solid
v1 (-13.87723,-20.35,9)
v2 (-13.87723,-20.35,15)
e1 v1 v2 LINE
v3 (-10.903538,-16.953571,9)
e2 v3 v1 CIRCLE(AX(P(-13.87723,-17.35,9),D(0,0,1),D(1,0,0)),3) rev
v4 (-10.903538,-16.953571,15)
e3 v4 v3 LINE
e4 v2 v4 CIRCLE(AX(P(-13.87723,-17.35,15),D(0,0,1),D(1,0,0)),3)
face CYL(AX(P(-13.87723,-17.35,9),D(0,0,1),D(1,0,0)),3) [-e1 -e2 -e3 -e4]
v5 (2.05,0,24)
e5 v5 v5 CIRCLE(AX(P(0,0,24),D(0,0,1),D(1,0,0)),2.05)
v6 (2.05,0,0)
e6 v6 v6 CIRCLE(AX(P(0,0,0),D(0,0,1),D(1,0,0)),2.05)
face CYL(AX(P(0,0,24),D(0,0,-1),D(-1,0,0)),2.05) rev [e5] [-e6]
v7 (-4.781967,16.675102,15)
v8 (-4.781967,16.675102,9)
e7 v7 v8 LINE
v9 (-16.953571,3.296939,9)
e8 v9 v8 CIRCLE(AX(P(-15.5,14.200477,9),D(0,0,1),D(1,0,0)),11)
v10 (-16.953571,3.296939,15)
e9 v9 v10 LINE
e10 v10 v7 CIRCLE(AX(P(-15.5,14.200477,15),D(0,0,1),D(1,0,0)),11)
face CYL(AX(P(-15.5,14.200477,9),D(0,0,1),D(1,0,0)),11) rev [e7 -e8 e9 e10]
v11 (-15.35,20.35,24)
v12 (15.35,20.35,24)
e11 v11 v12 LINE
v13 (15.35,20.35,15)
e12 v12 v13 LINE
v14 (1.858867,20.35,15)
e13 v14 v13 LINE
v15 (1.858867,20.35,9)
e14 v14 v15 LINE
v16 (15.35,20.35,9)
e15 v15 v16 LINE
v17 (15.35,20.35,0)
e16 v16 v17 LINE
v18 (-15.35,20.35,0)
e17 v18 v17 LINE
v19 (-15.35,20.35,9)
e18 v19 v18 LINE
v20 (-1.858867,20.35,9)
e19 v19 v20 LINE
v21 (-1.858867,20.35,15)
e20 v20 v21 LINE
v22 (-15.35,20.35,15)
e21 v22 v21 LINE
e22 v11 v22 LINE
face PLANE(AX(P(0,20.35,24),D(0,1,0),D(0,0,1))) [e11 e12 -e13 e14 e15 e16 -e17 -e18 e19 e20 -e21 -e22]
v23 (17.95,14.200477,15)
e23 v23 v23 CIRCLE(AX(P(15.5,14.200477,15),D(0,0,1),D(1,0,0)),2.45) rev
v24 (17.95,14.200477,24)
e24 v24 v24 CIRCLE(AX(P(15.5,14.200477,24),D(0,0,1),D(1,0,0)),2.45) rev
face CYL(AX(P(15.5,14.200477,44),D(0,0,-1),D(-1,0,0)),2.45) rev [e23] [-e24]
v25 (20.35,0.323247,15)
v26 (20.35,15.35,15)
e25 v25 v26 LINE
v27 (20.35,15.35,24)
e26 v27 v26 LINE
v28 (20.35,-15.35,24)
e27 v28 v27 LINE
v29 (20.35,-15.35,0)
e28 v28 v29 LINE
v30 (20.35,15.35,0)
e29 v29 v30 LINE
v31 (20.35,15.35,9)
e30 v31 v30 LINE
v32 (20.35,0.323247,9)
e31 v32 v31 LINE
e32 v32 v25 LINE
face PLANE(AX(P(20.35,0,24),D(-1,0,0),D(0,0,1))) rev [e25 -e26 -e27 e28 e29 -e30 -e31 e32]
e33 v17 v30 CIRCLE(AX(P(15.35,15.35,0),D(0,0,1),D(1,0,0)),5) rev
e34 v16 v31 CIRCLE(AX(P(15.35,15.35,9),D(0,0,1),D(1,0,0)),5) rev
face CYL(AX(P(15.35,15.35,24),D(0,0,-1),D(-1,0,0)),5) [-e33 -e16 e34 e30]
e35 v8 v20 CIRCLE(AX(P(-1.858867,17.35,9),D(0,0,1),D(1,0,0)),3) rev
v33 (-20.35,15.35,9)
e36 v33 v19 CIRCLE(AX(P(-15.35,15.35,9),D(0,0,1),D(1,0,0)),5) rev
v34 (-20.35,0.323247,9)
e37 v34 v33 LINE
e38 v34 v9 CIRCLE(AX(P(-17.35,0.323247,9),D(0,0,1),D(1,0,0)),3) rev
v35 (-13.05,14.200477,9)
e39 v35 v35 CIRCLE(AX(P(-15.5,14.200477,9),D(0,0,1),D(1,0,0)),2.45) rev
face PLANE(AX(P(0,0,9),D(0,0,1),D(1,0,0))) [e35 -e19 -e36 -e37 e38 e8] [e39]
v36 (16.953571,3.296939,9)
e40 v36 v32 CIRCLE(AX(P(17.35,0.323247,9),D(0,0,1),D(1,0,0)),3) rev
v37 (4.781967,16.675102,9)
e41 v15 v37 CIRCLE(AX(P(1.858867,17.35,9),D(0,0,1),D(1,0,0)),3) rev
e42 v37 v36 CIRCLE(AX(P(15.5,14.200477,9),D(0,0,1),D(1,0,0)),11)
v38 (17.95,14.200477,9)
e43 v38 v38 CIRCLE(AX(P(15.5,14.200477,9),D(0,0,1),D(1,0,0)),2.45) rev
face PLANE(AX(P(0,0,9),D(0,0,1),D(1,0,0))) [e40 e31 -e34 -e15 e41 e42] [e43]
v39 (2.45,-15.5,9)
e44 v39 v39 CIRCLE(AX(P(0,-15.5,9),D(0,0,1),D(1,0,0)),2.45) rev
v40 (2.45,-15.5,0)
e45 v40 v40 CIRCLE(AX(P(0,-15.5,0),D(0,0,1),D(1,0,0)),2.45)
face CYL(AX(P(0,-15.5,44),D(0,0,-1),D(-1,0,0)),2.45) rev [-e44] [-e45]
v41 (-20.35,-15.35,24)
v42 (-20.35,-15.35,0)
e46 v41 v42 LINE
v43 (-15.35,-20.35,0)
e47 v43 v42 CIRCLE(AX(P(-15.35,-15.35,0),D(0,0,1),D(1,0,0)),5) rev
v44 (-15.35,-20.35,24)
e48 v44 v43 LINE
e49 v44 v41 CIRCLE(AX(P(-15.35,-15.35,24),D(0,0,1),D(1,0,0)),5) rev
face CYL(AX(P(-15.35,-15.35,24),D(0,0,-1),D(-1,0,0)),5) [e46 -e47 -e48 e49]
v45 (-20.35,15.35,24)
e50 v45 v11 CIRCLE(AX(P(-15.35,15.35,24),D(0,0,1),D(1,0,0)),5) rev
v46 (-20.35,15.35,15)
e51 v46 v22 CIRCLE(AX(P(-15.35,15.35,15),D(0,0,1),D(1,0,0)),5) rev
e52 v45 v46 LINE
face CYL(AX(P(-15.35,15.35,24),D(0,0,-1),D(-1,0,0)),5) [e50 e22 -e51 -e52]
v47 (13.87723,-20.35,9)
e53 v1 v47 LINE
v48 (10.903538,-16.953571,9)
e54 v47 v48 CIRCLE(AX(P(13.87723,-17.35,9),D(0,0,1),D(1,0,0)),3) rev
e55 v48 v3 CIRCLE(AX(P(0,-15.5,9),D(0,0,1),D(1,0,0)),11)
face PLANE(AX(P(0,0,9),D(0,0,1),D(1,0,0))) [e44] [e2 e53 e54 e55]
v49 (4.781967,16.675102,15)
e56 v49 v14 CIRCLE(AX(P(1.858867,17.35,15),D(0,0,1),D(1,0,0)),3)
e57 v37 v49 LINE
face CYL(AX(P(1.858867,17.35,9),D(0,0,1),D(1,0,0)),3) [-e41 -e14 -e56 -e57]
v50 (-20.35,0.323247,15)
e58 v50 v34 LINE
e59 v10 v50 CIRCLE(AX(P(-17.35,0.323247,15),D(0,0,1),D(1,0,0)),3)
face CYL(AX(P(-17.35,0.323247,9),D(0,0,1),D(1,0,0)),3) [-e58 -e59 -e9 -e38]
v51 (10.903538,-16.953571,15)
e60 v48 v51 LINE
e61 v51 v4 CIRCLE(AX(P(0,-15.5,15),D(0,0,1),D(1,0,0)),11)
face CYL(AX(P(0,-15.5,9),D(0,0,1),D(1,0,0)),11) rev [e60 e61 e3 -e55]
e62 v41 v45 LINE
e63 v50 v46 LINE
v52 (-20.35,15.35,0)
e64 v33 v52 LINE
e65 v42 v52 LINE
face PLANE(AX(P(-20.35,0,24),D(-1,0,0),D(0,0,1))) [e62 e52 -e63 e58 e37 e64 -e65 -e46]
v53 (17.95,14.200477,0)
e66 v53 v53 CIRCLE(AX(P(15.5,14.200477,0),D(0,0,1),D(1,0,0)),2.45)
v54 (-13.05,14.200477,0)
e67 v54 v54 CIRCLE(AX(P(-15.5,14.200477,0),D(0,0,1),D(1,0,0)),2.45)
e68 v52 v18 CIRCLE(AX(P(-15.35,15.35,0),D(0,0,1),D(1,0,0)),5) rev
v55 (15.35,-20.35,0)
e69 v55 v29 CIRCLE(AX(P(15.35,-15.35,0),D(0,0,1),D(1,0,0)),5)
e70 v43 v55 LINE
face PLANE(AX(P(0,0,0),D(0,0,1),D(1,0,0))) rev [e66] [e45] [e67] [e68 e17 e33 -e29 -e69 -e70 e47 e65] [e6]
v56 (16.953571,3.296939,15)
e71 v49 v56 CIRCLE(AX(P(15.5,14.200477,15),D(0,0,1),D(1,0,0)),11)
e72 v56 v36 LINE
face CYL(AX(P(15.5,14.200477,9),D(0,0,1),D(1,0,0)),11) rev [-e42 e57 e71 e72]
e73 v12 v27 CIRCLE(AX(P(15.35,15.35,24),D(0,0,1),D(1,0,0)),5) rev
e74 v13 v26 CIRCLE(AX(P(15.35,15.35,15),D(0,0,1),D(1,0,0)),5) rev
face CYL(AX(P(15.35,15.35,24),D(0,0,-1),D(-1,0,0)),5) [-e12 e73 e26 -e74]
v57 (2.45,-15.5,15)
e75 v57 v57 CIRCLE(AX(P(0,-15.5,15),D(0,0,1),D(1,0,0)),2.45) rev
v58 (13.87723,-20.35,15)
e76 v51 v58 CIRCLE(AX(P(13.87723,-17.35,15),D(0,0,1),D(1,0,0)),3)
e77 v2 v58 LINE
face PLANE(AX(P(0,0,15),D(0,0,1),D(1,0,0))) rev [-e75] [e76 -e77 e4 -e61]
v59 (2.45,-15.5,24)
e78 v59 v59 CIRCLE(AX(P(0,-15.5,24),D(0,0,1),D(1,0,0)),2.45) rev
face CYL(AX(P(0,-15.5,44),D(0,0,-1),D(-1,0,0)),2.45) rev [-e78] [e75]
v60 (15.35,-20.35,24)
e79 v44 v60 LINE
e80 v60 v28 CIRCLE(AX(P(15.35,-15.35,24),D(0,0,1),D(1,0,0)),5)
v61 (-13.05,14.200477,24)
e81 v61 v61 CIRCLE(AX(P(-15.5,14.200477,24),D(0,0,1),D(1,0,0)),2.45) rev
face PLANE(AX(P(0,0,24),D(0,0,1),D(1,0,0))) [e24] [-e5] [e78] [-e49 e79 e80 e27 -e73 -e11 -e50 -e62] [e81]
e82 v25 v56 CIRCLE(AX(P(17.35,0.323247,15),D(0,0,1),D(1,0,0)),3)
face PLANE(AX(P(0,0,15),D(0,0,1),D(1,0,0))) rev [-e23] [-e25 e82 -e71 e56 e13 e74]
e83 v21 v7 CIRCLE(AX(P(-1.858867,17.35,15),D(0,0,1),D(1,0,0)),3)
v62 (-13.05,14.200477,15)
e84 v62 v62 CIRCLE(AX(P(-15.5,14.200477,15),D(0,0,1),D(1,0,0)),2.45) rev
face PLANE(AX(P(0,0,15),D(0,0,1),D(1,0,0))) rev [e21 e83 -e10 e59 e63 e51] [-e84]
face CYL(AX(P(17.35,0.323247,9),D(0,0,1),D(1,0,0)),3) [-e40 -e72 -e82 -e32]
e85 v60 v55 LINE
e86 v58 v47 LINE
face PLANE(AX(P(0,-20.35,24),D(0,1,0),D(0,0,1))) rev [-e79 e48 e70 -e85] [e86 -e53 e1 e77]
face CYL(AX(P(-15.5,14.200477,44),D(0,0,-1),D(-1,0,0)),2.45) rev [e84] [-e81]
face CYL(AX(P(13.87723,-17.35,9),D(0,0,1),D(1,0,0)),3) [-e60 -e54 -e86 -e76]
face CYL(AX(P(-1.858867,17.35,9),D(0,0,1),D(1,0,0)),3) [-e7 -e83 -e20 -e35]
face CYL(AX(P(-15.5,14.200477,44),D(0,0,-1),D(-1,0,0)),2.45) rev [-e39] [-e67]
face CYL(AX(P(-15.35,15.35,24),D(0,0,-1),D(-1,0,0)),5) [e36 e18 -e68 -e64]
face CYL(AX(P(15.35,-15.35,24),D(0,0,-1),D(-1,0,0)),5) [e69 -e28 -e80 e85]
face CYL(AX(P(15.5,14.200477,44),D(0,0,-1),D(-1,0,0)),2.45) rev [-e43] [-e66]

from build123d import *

# Parameters (mm, degrees)
SKETCH1_R           = 2.05
BOSS_EXTRUDE1_DEPTH = 24
CUT_EXTRUDE1_START  = 15
SKETCH1_4_R         = 11
CUT_EXTRUDE1_DEPTH  = 6
SKETCH1_5_R         = 2.45
CUT_EXTRUDE3_DEPTH  = 44
FILLET1_R           = 3


with BuildPart() as part:
    # Sketch1 → Boss-Extrude1 (new body)
    with BuildSketch(Plane.XY):
        with BuildLine():
            ThreePointArc((-20.35, -15.35), (-18.885533906, -18.885533906), (-15.35, -20.35))
            Line((-15.35, -20.35), (15.35, -20.35))
            ThreePointArc((15.35, -20.35), (18.885533906, -18.885533906), (20.35, -15.35))
            Line((20.35, -15.35), (20.35, 15.35))
            ThreePointArc((20.35, 15.35), (18.885533906, 18.885533906), (15.35, 20.35))
            Line((15.35, 20.35), (-15.35, 20.35))
            ThreePointArc((-15.35, 20.35), (-18.885533906, 18.885533906), (-20.35, 15.35))
            Line((-20.35, 15.35), (-20.35, -15.35))
        make_face()
        Circle(SKETCH1_R, mode=Mode.SUBTRACT)
    extrude(amount=BOSS_EXTRUDE1_DEPTH)

    # Sketch1<4> → Cut-Extrude1 (cut)
    with BuildSketch(Plane.XY.offset(CUT_EXTRUDE1_START)):
        with Locations((0, -15.5)):
            Circle(SKETCH1_4_R)
        with Locations((-15.5, 14.200476627)):
            Circle(SKETCH1_4_R)
        with Locations((15.5, 14.200476627)):
            Circle(SKETCH1_4_R)
    extrude(amount=-CUT_EXTRUDE1_DEPTH, mode=Mode.SUBTRACT)

    # Sketch1<5> → Cut-Extrude3 (cut)
    with BuildSketch(Plane.XY):
        with Locations((-15.5, 14.200476627)):
            Circle(SKETCH1_5_R)
        with Locations((15.5, 14.200476627)):
            Circle(SKETCH1_5_R)
        with Locations((0, -15.5)):
            Circle(SKETCH1_5_R)
    extrude(amount=CUT_EXTRUDE3_DEPTH, mode=Mode.SUBTRACT)

    # Fillet1
    fillet1_edges = [part.edges().sort_by_distance(p)[0] for p in [
        (-9.873069432, -20.35, 12),
        (9.873069432, -20.35, 12),
        (-20.35, 4.327407195, 12),
        (20.35, 4.327407195, 12),
        (-6.37950866, 20.35, 12),
        (6.37950866, 20.35, 12),
    ]]
    fillet(fillet1_edges, radius=FILLET1_R)


solid = part.part
